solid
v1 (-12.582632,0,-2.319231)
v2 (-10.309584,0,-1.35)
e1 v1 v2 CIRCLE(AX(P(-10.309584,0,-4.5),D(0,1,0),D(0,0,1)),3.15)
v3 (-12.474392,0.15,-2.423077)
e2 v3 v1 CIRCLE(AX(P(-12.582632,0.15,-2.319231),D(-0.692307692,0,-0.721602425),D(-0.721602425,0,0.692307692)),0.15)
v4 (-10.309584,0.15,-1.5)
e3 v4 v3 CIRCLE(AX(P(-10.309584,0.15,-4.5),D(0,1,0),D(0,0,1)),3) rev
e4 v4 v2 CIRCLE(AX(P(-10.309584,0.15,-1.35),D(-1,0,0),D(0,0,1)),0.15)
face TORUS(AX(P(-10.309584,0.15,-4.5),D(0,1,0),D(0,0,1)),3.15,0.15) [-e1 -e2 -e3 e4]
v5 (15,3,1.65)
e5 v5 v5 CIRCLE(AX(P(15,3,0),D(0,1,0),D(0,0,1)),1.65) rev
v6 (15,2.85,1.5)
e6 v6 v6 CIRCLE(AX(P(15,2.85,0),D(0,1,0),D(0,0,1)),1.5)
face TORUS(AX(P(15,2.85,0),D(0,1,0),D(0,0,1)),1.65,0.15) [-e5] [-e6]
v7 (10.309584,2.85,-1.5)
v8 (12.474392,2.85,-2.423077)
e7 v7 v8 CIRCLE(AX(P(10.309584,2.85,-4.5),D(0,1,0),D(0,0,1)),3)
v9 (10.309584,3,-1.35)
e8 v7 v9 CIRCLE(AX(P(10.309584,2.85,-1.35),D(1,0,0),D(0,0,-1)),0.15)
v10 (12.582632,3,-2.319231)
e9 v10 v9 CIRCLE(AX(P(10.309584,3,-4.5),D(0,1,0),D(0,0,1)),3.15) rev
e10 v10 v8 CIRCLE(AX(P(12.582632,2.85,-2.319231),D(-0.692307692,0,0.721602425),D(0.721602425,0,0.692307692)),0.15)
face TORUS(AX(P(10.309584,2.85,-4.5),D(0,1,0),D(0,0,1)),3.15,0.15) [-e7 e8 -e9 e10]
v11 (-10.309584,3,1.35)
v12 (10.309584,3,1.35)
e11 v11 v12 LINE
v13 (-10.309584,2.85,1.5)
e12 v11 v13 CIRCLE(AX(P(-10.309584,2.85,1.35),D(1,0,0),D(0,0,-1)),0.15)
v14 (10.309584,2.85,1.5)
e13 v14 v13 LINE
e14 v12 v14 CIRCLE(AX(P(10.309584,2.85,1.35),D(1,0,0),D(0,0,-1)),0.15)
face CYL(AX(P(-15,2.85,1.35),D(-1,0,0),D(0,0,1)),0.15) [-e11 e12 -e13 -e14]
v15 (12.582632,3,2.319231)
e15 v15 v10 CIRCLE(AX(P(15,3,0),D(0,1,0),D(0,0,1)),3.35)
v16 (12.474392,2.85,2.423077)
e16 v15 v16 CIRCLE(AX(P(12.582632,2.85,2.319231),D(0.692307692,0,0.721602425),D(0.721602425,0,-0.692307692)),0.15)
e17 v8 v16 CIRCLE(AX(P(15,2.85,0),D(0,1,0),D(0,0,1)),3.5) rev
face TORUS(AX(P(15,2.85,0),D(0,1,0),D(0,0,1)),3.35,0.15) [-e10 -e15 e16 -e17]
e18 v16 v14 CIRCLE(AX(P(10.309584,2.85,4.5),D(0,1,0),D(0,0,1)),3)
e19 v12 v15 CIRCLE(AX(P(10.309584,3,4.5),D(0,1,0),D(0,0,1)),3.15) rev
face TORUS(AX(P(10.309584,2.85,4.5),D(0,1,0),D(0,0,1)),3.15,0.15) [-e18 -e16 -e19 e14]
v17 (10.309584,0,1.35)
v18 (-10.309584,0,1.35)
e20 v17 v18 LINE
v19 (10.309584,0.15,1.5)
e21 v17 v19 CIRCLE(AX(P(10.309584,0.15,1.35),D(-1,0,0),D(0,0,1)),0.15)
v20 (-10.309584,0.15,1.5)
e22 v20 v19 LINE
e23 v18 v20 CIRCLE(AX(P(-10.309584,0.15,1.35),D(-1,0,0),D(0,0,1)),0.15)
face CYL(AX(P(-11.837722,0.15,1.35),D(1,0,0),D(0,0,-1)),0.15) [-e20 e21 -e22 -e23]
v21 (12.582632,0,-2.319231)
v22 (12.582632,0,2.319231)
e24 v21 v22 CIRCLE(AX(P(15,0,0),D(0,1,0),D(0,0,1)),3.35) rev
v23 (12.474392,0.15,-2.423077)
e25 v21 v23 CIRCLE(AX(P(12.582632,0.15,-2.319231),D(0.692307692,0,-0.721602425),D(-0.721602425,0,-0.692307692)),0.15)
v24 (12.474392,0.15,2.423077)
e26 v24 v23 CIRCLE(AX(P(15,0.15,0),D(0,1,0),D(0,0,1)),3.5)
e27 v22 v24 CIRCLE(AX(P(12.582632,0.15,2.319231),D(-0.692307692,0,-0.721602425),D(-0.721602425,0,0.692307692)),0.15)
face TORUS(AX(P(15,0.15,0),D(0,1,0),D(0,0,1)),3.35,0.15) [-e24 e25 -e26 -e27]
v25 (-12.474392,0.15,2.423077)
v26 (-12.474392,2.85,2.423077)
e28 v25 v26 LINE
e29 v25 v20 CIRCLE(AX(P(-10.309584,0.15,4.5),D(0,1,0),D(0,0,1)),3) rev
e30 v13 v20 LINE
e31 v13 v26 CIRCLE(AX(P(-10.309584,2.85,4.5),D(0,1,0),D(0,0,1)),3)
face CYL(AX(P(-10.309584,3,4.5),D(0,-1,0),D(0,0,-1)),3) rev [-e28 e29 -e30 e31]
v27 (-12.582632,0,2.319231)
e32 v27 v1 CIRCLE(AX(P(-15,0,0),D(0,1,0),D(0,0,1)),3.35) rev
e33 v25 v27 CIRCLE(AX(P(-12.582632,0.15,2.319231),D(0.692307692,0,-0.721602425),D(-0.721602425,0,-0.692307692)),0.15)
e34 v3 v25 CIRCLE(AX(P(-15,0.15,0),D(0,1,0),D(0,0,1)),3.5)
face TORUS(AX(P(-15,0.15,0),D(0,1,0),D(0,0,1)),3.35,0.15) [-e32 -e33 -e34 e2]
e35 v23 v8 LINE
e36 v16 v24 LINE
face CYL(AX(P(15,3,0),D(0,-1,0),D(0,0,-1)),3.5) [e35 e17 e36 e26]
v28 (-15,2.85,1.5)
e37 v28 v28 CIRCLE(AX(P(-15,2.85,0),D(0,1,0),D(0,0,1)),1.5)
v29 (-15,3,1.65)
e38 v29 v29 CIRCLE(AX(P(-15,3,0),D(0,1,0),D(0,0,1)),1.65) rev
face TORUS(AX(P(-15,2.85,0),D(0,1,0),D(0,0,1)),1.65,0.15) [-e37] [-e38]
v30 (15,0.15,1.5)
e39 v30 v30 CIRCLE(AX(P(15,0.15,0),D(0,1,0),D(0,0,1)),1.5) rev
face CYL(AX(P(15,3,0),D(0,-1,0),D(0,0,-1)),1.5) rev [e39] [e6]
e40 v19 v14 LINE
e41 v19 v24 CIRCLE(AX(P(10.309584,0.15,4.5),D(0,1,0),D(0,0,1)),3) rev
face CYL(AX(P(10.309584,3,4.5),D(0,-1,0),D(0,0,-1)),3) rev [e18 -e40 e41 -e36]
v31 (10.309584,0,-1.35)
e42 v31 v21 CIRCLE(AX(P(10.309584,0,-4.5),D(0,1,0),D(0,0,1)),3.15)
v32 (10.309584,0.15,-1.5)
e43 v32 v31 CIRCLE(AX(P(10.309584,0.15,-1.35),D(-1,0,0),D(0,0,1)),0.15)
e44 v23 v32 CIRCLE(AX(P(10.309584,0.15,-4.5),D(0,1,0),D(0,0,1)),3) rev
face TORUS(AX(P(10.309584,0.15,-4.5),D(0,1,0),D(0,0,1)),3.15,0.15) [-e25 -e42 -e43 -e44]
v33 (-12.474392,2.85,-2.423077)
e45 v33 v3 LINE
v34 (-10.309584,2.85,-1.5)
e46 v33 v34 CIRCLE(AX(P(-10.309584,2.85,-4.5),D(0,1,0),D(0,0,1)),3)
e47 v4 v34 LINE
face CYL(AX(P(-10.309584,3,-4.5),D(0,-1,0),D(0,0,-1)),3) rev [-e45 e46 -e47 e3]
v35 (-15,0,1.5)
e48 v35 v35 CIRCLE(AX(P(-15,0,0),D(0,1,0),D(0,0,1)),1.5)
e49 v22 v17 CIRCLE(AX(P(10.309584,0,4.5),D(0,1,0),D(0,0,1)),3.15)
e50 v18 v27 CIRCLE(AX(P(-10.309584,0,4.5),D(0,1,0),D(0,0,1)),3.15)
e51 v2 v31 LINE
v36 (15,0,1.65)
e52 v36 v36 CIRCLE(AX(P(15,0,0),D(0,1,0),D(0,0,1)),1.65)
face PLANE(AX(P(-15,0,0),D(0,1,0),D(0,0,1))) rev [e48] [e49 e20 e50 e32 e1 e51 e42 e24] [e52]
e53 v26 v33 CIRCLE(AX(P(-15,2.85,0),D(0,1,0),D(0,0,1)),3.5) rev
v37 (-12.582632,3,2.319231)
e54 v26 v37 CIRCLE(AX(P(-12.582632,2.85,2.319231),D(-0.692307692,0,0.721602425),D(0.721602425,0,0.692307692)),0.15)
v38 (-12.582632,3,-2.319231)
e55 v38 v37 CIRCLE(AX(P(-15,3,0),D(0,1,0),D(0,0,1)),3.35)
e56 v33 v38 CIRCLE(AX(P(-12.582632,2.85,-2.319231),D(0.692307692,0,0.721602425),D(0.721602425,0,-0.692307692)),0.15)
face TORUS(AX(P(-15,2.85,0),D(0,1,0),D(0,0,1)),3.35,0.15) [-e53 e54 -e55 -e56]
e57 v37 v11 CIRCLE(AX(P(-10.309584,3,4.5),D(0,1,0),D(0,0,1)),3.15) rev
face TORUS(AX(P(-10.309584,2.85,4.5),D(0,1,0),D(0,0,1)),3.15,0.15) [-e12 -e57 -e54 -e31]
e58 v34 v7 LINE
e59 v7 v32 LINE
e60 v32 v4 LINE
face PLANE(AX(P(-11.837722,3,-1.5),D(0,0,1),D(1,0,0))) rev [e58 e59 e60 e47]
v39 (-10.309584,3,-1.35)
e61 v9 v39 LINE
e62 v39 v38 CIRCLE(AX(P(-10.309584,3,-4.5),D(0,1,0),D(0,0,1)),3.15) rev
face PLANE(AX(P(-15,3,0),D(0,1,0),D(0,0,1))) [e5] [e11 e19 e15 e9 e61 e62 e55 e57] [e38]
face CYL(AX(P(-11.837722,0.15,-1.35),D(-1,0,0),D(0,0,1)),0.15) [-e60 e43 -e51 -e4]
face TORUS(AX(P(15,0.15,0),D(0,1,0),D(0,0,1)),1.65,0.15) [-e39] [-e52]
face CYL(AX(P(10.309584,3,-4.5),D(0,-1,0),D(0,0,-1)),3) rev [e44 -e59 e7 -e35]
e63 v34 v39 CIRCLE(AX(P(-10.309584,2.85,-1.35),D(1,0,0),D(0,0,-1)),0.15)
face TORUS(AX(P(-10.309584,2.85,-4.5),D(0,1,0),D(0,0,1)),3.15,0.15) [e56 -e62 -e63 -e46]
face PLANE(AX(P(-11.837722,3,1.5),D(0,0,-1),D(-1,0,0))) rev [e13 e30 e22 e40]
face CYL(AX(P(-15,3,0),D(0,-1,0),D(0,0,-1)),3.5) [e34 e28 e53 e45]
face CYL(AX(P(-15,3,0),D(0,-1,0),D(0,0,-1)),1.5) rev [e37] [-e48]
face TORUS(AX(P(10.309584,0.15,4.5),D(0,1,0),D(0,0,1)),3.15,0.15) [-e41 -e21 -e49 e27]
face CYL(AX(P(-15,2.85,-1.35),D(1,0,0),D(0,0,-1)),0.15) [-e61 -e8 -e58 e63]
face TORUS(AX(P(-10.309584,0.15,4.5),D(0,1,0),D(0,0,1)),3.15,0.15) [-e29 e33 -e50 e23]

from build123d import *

# Parameters (mm, degrees)
SKETCH_1_R      = 1.5
EXTRUDE_1_DEPTH = 3
FILLET_1_R      = 3
FILLET_2_R      = 0.15


with BuildPart() as part:
    # 草图1 → 凸台-拉伸1 (new body)
    with BuildSketch(Plane(origin=(0, 0, 0), x_dir=(1, 0, 0), z_dir=(0, 1, 0))):
        with BuildLine():
            Line((-11.83772234, 1.5), (11.83772234, 1.5))
            ThreePointArc((11.83772234, 1.5), (18.5, 0), (11.83772234, -1.5))
            Line((11.83772234, -1.5), (-11.83772234, -1.5))
            ThreePointArc((-11.83772234, -1.5), (-18.5, 0), (-11.83772234, 1.5))
        make_face()
        with Locations(Location((-15, 0, 0), (0, 0, 270))):
            Circle(SKETCH_1_R, mode=Mode.SUBTRACT)
        with Locations(Location((15, 0, 0), (0, 0, 90))):
            Circle(SKETCH_1_R, mode=Mode.SUBTRACT)
    extrude(amount=EXTRUDE_1_DEPTH)

    # 圆角1
    fillet_1_edges = [part.edges().sort_by_distance(p)[0] for p in [
        (-11.83772234, 1.5, -1.5),
        (11.83772234, 1.5, -1.5),
        (11.83772234, 1.5, 1.5),
        (-11.83772234, 1.5, 1.5),
    ]]
    fillet(fillet_1_edges, radius=FILLET_1_R)

    # 圆角2
    fillet_2_edges = [part.edges().sort_by_distance(p)[0] for p in [
        (-15, 3, -1.5),
        (15, 0, 1.5),
        (15, 3, 1.5),
        (18.5, 0, 0),
        (18.5, 3, 0),
        (0, 0, 1.5),
        (0, 3, 1.5),
        (-18.5, 0, 0),
        (-18.5, 3, 0),
        (0, 0, -1.5),
        (0, 3, -1.5),
        (11.486281051, 0, 1.740401367),
        (11.486281051, 3, 1.740401367),
        (-11.486281051, 0, 1.740401367),
        (-11.486281051, 3, 1.740401367),
        (-11.486281051, 0, -1.740401367),
        (-11.486281051, 3, -1.740401367),
        (11.486281051, 0, -1.740401367),
        (11.486281051, 3, -1.740401367),
    ]]
    fillet(fillet_2_edges, radius=FILLET_2_R)


solid = part.part
